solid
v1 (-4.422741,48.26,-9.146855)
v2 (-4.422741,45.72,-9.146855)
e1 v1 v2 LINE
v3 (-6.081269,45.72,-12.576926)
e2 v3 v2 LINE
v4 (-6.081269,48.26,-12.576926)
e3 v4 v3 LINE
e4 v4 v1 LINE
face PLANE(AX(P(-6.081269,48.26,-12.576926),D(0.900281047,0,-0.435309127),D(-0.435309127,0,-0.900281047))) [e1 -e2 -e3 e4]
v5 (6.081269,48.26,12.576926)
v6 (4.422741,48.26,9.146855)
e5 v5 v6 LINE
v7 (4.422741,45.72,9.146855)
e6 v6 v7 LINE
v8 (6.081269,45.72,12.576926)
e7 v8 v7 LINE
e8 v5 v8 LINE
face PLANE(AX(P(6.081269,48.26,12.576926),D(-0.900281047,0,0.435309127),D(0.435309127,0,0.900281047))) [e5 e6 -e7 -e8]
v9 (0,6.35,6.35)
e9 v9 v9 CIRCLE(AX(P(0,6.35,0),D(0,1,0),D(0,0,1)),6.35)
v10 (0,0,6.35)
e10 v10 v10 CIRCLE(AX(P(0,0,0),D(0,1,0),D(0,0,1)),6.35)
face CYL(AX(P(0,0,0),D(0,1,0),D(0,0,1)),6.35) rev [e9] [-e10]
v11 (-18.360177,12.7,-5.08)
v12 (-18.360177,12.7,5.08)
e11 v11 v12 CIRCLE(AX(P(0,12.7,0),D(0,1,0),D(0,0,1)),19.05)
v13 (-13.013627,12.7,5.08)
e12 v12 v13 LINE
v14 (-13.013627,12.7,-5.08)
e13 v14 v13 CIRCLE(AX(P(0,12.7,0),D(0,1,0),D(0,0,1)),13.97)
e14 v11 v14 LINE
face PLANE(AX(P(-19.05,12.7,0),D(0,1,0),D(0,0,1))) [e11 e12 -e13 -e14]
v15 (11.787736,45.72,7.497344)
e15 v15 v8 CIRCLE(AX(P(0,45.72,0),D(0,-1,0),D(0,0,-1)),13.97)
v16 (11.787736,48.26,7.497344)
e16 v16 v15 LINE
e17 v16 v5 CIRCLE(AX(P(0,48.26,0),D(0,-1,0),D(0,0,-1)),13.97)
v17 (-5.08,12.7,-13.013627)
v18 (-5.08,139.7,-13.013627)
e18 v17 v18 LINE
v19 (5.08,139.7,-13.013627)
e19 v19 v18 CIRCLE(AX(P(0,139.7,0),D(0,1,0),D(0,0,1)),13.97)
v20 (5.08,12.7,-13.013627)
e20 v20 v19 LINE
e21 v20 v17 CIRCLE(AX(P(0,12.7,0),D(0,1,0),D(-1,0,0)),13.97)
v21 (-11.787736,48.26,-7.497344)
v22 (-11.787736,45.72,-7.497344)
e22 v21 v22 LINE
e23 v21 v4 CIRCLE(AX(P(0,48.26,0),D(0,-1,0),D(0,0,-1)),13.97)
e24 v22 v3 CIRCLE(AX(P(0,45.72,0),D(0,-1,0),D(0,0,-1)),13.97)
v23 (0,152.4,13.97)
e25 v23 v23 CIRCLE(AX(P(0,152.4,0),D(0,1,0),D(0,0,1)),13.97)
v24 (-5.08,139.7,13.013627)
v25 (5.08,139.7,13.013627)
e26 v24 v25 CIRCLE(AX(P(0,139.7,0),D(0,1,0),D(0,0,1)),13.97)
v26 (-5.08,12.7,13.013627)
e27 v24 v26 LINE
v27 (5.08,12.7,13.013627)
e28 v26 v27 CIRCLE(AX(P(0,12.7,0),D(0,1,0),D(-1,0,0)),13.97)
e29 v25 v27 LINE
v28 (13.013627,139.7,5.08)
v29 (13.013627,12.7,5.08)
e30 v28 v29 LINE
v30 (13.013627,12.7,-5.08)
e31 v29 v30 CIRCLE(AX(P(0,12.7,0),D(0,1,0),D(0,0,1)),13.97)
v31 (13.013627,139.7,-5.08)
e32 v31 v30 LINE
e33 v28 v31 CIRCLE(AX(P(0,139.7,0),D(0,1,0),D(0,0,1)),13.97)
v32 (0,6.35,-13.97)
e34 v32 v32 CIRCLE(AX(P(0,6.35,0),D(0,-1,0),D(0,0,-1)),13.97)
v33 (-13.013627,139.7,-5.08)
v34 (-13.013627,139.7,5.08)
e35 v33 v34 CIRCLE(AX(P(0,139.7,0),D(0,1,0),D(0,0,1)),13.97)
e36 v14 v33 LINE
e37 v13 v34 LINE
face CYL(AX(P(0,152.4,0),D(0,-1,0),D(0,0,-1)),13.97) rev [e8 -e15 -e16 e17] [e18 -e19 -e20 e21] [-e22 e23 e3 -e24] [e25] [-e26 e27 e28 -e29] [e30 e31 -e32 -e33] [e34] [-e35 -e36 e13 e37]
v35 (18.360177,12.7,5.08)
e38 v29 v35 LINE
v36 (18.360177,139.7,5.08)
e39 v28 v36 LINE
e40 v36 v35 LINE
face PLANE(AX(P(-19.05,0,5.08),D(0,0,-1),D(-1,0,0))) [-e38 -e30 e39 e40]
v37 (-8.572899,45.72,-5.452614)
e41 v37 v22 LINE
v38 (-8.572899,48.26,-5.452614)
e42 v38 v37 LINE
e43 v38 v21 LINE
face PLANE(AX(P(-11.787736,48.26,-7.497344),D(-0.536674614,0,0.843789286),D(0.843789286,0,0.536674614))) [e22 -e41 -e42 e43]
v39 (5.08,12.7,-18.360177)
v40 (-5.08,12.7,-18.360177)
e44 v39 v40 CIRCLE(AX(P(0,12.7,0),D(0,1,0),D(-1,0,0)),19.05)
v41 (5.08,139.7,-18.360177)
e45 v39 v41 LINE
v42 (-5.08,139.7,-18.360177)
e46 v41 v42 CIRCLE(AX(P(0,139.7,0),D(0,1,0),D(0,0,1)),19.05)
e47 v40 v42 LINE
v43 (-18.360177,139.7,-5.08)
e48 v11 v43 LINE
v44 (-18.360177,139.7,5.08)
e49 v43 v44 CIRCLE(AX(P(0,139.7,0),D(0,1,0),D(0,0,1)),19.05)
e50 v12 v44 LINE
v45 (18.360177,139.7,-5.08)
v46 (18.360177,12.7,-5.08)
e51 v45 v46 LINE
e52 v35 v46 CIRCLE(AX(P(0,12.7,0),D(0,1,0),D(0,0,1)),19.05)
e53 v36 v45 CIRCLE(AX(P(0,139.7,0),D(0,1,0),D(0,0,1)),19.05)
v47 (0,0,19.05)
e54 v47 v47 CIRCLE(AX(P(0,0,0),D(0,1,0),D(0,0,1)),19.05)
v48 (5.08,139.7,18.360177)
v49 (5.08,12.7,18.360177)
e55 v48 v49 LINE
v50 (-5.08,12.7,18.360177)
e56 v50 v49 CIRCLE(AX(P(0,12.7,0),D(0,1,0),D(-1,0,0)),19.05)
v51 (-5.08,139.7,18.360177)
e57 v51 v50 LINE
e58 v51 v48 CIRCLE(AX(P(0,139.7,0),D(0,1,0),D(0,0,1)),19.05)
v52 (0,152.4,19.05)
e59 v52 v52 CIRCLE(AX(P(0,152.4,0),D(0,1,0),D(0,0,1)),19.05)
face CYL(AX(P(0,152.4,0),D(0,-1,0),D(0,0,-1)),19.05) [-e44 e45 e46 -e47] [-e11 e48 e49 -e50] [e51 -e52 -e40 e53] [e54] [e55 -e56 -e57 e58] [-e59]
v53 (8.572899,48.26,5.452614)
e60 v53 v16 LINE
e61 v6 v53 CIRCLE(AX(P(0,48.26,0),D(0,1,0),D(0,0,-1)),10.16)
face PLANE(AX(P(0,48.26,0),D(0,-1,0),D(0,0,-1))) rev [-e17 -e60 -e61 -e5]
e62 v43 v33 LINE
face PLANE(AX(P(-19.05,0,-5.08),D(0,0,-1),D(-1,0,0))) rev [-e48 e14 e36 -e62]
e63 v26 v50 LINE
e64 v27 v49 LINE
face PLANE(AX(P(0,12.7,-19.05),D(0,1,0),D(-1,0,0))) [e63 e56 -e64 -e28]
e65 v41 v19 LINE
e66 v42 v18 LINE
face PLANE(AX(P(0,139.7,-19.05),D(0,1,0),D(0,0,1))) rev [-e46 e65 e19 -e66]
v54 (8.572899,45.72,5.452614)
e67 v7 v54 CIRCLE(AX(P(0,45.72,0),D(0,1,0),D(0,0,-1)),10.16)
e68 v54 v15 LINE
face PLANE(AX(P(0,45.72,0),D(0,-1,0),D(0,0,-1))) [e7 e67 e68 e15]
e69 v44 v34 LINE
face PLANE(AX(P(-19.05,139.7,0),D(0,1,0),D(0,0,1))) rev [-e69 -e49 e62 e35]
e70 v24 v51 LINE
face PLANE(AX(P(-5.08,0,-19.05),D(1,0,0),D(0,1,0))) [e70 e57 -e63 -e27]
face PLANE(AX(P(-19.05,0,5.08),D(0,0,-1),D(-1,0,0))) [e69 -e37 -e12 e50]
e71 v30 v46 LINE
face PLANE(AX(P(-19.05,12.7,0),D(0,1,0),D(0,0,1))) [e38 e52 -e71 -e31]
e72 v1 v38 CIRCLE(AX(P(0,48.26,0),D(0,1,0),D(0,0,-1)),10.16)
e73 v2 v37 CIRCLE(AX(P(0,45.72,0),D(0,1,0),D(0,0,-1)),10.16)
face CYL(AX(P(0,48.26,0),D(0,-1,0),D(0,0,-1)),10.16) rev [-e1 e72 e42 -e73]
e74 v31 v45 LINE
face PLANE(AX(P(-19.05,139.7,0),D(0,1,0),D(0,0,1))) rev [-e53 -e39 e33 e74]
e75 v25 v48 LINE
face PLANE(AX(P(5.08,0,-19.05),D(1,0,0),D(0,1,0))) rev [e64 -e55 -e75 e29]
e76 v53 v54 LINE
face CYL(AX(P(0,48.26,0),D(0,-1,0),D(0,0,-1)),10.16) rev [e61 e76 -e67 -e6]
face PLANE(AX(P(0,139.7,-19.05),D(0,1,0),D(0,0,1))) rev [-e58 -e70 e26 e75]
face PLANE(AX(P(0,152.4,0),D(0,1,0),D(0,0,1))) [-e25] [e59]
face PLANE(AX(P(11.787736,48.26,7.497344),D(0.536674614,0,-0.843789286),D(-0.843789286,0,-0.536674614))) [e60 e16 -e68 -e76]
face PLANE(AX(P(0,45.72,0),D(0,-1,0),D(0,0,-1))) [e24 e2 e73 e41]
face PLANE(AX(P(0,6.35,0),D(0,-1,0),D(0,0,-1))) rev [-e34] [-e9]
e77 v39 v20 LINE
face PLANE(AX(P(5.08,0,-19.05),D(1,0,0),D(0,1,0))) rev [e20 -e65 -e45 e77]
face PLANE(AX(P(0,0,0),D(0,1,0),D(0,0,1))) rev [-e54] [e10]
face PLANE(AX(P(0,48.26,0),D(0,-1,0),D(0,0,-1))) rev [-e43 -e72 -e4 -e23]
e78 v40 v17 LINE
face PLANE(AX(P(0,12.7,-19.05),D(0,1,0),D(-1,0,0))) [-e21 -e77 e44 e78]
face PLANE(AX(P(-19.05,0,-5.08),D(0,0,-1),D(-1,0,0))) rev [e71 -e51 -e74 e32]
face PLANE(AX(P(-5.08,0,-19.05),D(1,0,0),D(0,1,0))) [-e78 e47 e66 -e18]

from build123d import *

# Parameters (mm, degrees)
SKETCH1_R               = 19.05
SKETCH1_R_2             = 13.97
BOSS_EXTRUDE1_DEPTH     = 152.4
SKETCH2_R               = 13.97
BOSS_EXTRUDE2_DEPTH     = 6.35
SKETCH3_R               = 2.2479
CUT_EXTRUDE1_DEPTH      = 3.54
CUT_EXTRUDE1_DEPTH_BACK = 36.56
SKETCH5_W               = 10.16
SKETCH5_H               = 127
CUT_EXTRUDE5_DEPTH      = 20.0500001
CUT_EXTRUDE5_DEPTH_BACK = 20.0500001
SKETCH8_W               = 10.16
SKETCH8_H               = 127
CUT_EXTRUDE6_DEPTH      = 20.050000101
CUT_EXTRUDE6_DEPTH_BACK = 20.050000101
SKETCH7_R               = 6.35
CUT_EXTRUDE4_DEPTH      = 7.35
BOSS_EXTRUDE3_DEPTH     = 2.54


with BuildPart() as part:
    # Sketch1 → Boss-Extrude1 (new body)
    with BuildSketch(Plane(origin=(0, 0, 0), x_dir=(1, 0, 0), z_dir=(0, 1, 0))):
        Circle(SKETCH1_R)
        Circle(SKETCH1_R_2, mode=Mode.SUBTRACT)
    extrude(amount=BOSS_EXTRUDE1_DEPTH)

    # Sketch2 → Boss-Extrude2 (add)
    with BuildSketch(Plane.XZ):
        Circle(SKETCH2_R)
    extrude(amount=-BOSS_EXTRUDE2_DEPTH)

    # Sketch3 → Cut-Extrude1 (cut, two sides)
    with BuildSketch(Plane.XY.offset(16.51)) as cut_extrude1_sk:
        with Locations((0, 101.6)):
            Circle(SKETCH3_R)
    extrude(amount=CUT_EXTRUDE1_DEPTH, mode=Mode.SUBTRACT)
    extrude(cut_extrude1_sk.sketch, amount=-CUT_EXTRUDE1_DEPTH_BACK, mode=Mode.SUBTRACT)

    # Sketch5 → Cut-Extrude5 (cut, two sides)
    with BuildSketch(Plane(origin=(0, 0, 0), x_dir=(0, 0, -1), z_dir=(1, 0, 0))) as cut_extrude5_sk:
        with Locations((0, 76.2)):
            Rectangle(SKETCH5_W, SKETCH5_H)
    extrude(amount=CUT_EXTRUDE5_DEPTH, mode=Mode.SUBTRACT)
    extrude(cut_extrude5_sk.sketch, amount=-CUT_EXTRUDE5_DEPTH_BACK, mode=Mode.SUBTRACT)

    # Sketch8 → Cut-Extrude6 (cut, two sides)
    with BuildSketch(Plane.XY) as cut_extrude6_sk:
        with Locations((0, 76.2)):
            Rectangle(SKETCH8_W, SKETCH8_H)
    extrude(amount=CUT_EXTRUDE6_DEPTH, mode=Mode.SUBTRACT)
    extrude(cut_extrude6_sk.sketch, amount=-CUT_EXTRUDE6_DEPTH_BACK, mode=Mode.SUBTRACT)

    # Sketch7 → Cut-Extrude4 (cut, through all)
    with BuildSketch(Plane(origin=(0, 6.35, 0), x_dir=(1, 0, 0), z_dir=(0, 1, 0))):
        Circle(SKETCH7_R)
    extrude(amount=-CUT_EXTRUDE4_DEPTH, mode=Mode.SUBTRACT)

    # Sketch9 → Boss-Extrude3 (add)
    with BuildSketch(Plane(origin=(0, 45.72, 0), x_dir=(-1, 0, 0), z_dir=(0, -1, 0))):
        with BuildLine():
            Line((-11.787736325, -7.497344352), (-8.572899145, -5.452614074))
            ThreePointArc((-8.572899145, -5.452614074), (-6.7552586, -7.588944673), (-4.422740729, -9.14685544))
            Line((-4.422740729, -9.14685544), (-6.081268502, -12.57692623))
            ThreePointArc((-6.081268502, -12.57692623), (-9.288480575, -10.434798925), (-11.787736325, -7.497344352))
        make_face()
        with BuildLine():
            Line((11.787736325, 7.497344352), (8.572899145, 5.452614074))
            ThreePointArc((8.572899145, 5.452614074), (6.7552586, 7.588944673), (4.422740729, 9.14685544))
            Line((4.422740729, 9.14685544), (6.081268502, 12.57692623))
            ThreePointArc((6.081268502, 12.57692623), (9.288480575, 10.434798925), (11.787736325, 7.497344352))
        make_face()
    extrude(amount=-BOSS_EXTRUDE3_DEPTH)


solid = part.part
